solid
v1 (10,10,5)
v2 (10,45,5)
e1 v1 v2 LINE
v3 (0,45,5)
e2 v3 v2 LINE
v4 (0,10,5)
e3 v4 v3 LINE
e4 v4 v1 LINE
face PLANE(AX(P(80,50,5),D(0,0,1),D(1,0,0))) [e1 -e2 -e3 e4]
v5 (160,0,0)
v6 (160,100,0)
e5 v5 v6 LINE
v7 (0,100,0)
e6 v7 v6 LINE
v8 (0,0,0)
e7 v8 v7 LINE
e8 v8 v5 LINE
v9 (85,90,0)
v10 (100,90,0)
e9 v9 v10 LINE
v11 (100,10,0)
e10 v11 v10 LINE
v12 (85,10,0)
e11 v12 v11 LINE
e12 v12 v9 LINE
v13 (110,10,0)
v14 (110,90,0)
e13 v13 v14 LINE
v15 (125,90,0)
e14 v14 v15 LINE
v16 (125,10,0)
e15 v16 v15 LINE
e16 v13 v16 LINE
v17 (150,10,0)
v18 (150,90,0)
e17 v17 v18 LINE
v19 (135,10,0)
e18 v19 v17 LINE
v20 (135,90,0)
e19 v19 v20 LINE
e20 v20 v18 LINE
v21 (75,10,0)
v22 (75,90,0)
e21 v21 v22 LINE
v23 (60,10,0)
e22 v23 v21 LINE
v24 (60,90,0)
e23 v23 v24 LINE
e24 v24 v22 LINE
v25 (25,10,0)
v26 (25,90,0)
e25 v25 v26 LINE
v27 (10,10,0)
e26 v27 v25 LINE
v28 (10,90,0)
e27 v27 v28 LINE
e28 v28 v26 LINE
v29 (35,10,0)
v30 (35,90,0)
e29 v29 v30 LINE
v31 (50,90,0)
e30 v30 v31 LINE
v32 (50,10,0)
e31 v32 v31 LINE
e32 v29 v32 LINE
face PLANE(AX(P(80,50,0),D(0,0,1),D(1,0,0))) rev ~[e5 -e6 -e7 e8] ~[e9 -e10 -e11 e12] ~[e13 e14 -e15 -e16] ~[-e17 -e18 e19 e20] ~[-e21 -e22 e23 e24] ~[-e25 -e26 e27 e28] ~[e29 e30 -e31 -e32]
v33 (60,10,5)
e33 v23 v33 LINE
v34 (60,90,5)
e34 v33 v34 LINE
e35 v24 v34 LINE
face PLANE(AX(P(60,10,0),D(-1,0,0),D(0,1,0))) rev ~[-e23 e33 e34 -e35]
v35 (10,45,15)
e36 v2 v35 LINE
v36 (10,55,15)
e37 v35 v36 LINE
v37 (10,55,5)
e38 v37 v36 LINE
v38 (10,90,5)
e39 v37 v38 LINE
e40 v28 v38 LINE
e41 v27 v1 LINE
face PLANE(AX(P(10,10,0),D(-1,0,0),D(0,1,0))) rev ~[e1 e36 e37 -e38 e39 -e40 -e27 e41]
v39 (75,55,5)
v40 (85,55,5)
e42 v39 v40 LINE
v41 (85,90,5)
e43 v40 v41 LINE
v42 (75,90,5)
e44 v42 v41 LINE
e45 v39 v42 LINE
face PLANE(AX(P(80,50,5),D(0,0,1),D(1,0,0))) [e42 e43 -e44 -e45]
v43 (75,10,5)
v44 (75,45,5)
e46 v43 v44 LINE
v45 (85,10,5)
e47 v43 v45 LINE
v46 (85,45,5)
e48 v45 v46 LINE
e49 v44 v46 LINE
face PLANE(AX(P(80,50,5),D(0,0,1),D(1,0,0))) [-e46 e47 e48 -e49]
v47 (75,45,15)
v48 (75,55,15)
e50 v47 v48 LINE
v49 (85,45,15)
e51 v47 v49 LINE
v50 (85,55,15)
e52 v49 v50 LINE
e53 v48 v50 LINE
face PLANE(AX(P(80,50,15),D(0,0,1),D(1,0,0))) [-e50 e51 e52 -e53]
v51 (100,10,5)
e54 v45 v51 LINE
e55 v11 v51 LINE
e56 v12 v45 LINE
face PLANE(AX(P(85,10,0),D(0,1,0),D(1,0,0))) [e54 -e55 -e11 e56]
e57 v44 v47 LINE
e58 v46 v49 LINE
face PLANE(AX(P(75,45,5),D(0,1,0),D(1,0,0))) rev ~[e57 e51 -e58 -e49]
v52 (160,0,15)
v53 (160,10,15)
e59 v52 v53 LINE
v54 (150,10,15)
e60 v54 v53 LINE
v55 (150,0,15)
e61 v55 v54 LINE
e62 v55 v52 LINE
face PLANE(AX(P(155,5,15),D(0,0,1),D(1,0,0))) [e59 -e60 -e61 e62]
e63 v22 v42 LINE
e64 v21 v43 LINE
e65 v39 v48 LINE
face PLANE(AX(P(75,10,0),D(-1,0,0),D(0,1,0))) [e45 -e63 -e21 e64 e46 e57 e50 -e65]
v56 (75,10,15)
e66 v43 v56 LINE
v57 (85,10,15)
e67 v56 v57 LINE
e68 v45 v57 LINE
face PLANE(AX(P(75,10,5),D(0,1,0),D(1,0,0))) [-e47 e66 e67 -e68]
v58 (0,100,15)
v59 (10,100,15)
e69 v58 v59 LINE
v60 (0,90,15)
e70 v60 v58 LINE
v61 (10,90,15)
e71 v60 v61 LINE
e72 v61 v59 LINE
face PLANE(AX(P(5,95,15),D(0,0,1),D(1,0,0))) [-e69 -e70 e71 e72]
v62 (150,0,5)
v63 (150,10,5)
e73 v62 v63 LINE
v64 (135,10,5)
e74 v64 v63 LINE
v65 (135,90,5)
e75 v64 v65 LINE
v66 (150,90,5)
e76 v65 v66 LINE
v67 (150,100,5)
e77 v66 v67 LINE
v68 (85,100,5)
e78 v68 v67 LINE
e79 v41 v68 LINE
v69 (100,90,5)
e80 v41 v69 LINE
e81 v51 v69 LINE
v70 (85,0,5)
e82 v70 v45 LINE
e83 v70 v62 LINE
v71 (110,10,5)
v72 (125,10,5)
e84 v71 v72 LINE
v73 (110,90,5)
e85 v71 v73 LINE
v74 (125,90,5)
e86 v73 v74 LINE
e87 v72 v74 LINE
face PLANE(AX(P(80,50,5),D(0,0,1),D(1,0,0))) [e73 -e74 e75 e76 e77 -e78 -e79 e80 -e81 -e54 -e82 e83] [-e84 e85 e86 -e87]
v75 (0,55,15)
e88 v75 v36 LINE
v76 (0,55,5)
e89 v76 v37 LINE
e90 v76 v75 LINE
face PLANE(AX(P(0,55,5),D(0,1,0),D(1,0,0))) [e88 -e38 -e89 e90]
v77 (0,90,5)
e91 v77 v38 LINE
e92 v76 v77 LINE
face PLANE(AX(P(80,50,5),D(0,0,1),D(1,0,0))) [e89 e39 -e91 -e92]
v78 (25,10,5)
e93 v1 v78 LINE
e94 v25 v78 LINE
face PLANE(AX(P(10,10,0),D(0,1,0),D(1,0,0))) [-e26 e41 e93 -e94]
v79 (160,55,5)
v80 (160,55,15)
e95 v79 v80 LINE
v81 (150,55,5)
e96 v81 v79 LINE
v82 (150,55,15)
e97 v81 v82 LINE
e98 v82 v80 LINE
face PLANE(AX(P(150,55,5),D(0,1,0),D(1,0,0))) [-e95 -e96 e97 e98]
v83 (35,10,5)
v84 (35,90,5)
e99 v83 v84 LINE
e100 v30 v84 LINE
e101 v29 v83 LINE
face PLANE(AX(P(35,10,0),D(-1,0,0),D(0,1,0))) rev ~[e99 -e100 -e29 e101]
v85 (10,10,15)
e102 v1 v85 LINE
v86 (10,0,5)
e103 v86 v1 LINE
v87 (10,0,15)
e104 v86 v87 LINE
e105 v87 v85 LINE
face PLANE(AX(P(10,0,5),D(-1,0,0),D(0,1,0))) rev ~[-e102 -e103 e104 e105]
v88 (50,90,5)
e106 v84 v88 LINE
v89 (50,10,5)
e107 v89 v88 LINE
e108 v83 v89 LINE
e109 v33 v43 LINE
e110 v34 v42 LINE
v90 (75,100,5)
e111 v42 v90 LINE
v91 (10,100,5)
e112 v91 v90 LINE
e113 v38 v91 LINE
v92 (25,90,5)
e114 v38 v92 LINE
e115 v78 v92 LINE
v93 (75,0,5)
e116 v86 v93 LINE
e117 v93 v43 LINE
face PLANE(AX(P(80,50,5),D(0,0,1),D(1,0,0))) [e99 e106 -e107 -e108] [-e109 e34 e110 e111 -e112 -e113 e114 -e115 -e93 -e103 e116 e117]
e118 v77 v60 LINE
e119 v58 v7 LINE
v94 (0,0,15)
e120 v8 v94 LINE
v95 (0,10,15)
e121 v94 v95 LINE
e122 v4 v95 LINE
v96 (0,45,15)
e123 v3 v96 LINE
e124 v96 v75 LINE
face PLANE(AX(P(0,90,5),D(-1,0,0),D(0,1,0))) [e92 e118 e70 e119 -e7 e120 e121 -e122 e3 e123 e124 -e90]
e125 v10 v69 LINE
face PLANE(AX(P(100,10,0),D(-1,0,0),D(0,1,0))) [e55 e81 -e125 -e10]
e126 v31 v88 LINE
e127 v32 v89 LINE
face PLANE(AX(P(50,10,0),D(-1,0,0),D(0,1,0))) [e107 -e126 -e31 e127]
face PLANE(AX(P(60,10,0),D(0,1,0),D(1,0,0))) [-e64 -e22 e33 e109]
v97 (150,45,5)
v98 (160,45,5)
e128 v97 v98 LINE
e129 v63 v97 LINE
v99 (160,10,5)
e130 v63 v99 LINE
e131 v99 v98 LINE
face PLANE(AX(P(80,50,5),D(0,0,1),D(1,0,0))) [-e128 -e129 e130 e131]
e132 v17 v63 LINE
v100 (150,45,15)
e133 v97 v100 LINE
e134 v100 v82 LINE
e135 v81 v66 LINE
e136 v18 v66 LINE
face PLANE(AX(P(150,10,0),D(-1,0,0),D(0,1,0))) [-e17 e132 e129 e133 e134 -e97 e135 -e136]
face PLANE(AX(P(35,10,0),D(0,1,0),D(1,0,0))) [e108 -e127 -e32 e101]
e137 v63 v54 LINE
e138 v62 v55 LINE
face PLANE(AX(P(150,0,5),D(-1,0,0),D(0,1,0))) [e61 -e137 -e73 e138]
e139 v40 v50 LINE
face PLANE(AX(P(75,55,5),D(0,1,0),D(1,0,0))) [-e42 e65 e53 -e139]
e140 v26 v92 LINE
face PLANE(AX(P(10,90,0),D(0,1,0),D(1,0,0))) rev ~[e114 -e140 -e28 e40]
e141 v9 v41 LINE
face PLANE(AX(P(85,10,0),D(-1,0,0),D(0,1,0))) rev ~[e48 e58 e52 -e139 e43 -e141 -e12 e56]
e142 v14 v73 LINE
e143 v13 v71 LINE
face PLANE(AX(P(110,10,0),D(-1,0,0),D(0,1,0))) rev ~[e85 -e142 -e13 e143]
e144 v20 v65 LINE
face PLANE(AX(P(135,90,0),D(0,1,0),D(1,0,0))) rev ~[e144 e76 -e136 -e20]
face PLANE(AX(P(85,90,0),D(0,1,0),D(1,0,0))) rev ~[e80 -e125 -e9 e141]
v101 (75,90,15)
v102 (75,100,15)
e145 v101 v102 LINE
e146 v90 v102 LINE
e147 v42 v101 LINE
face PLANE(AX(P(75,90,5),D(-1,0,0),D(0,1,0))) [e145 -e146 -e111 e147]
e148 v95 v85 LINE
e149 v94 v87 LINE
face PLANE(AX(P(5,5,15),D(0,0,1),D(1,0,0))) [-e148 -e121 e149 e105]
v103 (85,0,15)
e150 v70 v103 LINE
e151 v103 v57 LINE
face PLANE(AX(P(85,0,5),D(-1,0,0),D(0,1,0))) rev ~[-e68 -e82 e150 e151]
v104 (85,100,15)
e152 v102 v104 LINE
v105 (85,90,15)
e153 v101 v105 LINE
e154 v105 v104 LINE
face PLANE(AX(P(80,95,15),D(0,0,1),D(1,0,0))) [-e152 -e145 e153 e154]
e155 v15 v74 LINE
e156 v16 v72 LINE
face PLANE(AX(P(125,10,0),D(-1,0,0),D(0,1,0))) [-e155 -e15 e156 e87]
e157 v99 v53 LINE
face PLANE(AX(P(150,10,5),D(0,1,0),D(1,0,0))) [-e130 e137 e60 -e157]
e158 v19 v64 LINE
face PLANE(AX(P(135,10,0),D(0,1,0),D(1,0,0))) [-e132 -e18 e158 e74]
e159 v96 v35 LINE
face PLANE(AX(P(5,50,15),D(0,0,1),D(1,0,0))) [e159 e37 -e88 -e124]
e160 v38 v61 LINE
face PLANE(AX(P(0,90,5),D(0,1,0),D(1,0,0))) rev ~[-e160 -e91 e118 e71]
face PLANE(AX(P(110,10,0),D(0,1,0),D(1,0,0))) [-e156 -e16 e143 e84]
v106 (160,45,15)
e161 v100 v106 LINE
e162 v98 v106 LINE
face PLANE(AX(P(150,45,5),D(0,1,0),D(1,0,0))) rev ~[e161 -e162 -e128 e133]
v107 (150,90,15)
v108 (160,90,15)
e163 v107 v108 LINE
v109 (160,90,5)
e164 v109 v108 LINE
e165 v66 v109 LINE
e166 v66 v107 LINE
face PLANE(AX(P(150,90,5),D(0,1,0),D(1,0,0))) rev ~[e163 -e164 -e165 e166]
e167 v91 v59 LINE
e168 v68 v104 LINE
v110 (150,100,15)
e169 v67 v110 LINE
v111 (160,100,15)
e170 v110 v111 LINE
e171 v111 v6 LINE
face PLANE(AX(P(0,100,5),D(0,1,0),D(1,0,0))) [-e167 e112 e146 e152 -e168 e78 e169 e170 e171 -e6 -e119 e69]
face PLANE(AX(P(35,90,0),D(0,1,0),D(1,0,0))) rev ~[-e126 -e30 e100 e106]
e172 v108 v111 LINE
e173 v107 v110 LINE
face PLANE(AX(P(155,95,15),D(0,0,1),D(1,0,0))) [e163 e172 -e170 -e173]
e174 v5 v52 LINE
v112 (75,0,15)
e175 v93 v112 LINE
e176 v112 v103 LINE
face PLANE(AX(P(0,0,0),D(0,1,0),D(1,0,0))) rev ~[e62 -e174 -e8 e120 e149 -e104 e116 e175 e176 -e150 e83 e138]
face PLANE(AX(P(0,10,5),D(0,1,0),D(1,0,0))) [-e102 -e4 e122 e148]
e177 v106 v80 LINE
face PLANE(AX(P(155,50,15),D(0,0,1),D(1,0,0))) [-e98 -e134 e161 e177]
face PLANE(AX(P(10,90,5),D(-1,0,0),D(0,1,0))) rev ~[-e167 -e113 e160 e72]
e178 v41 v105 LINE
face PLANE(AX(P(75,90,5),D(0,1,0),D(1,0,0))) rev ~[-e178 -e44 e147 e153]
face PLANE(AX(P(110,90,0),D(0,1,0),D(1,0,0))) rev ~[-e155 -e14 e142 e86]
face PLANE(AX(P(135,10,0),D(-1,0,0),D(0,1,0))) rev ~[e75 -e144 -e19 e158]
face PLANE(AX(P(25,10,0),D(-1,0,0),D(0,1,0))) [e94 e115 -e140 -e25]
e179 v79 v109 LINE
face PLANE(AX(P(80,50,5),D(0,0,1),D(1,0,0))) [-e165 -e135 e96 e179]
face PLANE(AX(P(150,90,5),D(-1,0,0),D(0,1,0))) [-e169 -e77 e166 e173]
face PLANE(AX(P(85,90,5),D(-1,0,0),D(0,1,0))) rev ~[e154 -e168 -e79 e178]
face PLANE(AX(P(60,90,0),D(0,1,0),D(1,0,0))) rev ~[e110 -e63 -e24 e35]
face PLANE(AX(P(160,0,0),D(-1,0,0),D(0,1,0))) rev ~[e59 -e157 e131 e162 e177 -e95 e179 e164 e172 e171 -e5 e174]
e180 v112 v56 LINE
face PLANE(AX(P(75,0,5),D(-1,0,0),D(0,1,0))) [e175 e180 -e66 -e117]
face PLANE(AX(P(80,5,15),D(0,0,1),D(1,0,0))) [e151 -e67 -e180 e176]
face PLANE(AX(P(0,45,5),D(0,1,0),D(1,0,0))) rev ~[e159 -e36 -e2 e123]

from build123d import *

# Parameters (mm, degrees)
F0_W     = 160
F0_H     = 100
F0_W_2   = 15
F0_H_2   = 80
F1_DEPTH = 5
F2_W     = 10
F2_H     = 10
F3_DEPTH = 10


with BuildPart() as f1:
    # F0 (on Top) → F1 (new body)
    with BuildSketch(Plane.XY):
        with Locations((80, 50)):
            Rectangle(F0_W, F0_H)
        with Locations((17.5, 50)):
            Rectangle(F0_W_2, F0_H_2, mode=Mode.SUBTRACT)
        with Locations((42.5, 50)):
            Rectangle(F0_W_2, F0_H_2, mode=Mode.SUBTRACT)
        with Locations((67.5, 50)):
            Rectangle(F0_W_2, F0_H_2, mode=Mode.SUBTRACT)
        with Locations((92.5, 50)):
            Rectangle(F0_W_2, F0_H_2, mode=Mode.SUBTRACT)
        with Locations((117.5, 50)):
            Rectangle(F0_W_2, F0_H_2, mode=Mode.SUBTRACT)
        with Locations((142.5, 50)):
            Rectangle(F0_W_2, F0_H_2, mode=Mode.SUBTRACT)
    extrude(amount=F1_DEPTH)

    # F2 (on face) → F3 (join)
    with BuildSketch(Plane.XY.offset(5)):
        with Locations((5, 95)):
            Rectangle(F2_W, F2_H)
        with Locations((80, 95)):
            Rectangle(F2_W, F2_H)
        with Locations((155, 95)):
            Rectangle(F2_W, F2_H)
        with Locations((155, 50)):
            Rectangle(F2_W, F2_H)
        with Locations((80, 50)):
            Rectangle(F2_W, F2_H)
        with Locations((5, 50)):
            Rectangle(F2_W, F2_H)
        with Locations((5, 5)):
            Rectangle(F2_W, F2_H)
        with Locations((155, 5)):
            Rectangle(F2_W, F2_H)
        with Locations((80, 5)):
            Rectangle(F2_W, F2_H)
    extrude(amount=F3_DEPTH)


solid = f1.part
